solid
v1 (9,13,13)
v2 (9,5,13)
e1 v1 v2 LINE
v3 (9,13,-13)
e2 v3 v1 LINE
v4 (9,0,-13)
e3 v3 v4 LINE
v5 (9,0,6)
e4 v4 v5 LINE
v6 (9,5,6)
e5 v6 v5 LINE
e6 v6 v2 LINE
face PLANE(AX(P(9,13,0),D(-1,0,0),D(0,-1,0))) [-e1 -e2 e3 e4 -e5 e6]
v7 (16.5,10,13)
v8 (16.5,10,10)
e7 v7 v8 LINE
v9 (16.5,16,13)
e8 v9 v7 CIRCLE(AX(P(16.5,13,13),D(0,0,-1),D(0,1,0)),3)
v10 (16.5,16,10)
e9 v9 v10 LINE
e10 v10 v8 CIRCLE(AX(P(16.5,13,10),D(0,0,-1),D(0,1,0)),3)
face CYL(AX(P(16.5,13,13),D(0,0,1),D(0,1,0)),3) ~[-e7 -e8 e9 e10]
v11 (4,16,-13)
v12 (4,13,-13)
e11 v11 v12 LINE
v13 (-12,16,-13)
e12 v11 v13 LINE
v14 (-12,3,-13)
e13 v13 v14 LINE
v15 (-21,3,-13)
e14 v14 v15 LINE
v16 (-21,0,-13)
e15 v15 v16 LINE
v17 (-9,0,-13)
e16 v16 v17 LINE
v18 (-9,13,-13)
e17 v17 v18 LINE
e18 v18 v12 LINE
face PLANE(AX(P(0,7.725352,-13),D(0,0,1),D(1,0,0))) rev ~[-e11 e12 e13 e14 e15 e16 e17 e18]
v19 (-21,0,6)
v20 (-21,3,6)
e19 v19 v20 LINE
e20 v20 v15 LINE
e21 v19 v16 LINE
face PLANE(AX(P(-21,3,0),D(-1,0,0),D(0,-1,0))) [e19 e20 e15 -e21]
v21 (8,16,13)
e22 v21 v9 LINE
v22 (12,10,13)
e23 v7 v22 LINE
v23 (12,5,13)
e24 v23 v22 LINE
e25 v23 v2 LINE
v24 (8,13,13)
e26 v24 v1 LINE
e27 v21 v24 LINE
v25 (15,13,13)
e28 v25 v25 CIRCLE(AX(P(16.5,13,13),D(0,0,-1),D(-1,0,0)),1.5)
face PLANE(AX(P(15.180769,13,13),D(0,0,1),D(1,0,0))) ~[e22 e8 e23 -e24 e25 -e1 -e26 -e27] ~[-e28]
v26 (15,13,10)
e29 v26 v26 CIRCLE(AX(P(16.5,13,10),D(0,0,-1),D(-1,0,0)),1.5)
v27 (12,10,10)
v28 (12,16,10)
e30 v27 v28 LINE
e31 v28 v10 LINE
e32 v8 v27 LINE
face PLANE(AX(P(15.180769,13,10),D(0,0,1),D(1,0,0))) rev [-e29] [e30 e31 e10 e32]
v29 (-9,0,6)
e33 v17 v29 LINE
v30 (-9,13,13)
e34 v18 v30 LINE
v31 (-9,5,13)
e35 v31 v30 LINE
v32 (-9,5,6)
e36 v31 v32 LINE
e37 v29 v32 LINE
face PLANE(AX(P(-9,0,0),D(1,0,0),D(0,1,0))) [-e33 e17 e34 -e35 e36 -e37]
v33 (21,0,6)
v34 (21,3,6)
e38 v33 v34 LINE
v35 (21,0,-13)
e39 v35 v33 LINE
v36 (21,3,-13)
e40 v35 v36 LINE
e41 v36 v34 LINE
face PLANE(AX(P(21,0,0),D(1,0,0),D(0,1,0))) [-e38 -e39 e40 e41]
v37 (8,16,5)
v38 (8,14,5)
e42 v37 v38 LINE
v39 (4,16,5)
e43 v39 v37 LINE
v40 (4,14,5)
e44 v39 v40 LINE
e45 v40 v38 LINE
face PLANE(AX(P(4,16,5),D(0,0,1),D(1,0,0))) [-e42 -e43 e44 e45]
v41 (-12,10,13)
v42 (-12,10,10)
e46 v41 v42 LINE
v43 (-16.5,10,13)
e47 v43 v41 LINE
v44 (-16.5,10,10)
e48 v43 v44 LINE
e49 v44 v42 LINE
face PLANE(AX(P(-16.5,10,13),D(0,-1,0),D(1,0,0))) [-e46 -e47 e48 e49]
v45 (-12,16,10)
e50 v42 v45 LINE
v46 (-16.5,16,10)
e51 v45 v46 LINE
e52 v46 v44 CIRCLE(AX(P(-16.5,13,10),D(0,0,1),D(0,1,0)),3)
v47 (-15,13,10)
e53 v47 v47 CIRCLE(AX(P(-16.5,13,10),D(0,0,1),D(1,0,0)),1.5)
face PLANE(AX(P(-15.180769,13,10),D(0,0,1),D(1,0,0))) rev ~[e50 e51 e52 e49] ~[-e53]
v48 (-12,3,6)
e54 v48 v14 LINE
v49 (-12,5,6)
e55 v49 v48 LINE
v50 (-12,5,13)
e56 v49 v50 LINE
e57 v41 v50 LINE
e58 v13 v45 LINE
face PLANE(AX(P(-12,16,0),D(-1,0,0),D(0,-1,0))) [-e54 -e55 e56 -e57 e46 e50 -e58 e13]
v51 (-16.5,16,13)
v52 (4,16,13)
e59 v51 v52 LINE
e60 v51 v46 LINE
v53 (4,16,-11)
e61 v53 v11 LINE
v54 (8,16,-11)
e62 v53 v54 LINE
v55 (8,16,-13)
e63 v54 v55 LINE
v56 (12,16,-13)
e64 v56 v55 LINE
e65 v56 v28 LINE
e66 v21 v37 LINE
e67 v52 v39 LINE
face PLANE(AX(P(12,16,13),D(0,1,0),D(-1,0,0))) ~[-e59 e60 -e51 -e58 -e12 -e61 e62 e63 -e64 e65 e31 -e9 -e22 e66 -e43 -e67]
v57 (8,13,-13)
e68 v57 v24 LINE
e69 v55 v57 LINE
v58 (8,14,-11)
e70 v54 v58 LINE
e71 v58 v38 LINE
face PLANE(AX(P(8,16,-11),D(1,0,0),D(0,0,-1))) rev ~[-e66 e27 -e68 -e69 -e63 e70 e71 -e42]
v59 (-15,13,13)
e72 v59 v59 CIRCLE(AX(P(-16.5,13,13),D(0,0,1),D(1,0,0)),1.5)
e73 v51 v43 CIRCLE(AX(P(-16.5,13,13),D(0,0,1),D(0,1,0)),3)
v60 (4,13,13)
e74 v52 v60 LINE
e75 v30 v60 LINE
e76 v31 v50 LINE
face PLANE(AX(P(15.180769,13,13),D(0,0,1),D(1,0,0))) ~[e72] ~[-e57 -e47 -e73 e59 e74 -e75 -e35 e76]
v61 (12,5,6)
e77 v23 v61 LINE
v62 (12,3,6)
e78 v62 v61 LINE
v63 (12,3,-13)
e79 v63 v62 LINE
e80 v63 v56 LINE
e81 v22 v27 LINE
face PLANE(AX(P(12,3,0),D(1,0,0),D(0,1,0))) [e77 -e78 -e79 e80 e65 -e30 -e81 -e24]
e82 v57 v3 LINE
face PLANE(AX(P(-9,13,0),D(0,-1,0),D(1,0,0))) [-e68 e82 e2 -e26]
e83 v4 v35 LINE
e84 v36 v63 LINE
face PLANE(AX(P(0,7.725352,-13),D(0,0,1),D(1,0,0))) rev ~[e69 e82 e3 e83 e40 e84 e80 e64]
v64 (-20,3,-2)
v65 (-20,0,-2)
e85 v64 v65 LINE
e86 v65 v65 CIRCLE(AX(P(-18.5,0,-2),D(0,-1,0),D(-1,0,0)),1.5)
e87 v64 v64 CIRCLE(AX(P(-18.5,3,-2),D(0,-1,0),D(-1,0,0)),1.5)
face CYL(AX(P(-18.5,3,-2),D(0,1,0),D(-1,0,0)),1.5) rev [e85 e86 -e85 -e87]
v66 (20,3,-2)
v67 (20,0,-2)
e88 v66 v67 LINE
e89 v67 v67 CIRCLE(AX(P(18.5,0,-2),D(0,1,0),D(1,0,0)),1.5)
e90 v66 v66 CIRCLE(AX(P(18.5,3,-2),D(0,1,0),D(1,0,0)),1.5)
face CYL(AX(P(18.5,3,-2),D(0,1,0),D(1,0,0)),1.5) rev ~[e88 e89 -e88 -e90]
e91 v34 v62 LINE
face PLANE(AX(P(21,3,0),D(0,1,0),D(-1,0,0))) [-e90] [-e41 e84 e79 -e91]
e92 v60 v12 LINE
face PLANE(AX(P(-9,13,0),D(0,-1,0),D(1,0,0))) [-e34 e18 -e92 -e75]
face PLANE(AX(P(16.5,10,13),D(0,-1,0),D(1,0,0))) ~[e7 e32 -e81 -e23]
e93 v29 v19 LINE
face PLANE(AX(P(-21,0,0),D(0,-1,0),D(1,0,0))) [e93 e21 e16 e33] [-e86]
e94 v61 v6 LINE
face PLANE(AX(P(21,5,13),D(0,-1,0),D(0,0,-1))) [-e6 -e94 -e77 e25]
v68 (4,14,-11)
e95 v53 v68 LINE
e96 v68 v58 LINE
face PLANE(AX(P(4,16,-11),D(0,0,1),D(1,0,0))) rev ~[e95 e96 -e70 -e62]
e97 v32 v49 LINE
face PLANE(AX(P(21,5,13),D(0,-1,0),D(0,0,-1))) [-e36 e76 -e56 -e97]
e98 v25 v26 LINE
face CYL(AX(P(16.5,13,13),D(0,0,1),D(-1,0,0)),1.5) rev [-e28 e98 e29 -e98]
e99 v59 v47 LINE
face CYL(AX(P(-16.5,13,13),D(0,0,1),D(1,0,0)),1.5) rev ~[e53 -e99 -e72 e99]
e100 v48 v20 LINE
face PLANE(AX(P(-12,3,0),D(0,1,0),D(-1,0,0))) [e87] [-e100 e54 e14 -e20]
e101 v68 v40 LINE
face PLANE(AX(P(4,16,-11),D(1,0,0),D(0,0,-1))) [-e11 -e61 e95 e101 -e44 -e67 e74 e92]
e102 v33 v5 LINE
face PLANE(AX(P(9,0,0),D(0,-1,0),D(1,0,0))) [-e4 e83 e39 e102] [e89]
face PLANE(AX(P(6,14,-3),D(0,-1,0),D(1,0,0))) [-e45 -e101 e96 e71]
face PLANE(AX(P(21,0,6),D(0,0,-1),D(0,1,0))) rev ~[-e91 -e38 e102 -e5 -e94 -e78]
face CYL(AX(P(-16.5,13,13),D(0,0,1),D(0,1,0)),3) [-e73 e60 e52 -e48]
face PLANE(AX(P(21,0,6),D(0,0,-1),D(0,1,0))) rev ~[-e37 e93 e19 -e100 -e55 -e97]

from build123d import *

# Parameters (mm, degrees)
EXTRU_MINCE1_DEPTH      = 13
EXTRUSION1_DEPTH        = 3
ESQUISSE3_R             = 1.5
ENL_V_MAT_EXTRU_1_DEPTH = 3
ENL_V_MAT_EXTRU_2_REACH = 18
ESQUISSE4_W             = 4
ESQUISSE4_H             = 8
ESQUISSE4_H_2           = 2
ESQUISSE6_W             = 7
ESQUISSE6_H             = 5
ENL_V_MAT_EXTRU_4_DEPTH = 42
ESQUISSE7_R             = 1.5
ENL_V_MAT_EXTRU_5_DEPTH = 3
ESQUISSE8_W             = 4
ESQUISSE8_H             = 16
ENL_V_MAT_EXTRU_6_DEPTH = 1


with BuildPart() as part:
    # Esquisse1 → Extru.-Mince1 (new body, symmetric)
    with BuildSketch(Plane.XY):
        Polygon((-21, 0), (-9, 0), (-9, 13), (9, 13), (9, 0), (21, 0), (21, 3), (12, 3), (12, 16), (-12, 16), (-12, 3), (-21, 3), align=None)
    extrude(amount=EXTRU_MINCE1_DEPTH, both=True)

    # Esquisse2 → Extrusion1 (add)
    with BuildSketch(Plane.XY.offset(13)):
        with BuildLine():
            Line((-12, 16), (-16.5, 16))
            ThreePointArc((-16.5, 16), (-19.5, 13), (-16.5, 10))
            Line((-16.5, 10), (-12, 10))
            Line((-12, 10), (-12, 16))
        make_face()
    extrusion1 = extrude(amount=-EXTRUSION1_DEPTH)

    # Esquisse3 → Enlèv. mat.-Extru.1 (cut)
    with BuildSketch(Plane.XY.offset(13)):
        with Locations((-16.5, 13)):
            Circle(ESQUISSE3_R)
    enl_v_mat_extru_1 = extrude(amount=-ENL_V_MAT_EXTRU_1_DEPTH, mode=Mode.SUBTRACT)

    # Symétrie1: Extrusion1, Enlèv. mat.-Extru.1 across plane
    add(extrusion1.mirror(Plane(origin=(0, 0, 0), x_dir=(0, 0, 1), z_dir=(1, 0, 0))))
    add(enl_v_mat_extru_1.mirror(Plane(origin=(0, 0, 0), x_dir=(0, 0, 1), z_dir=(1, 0, 0))), mode=Mode.SUBTRACT)

    # Esquisse4 → Enlèv. mat.-Extru.2 (cut, up to next)
    with BuildSketch(Plane(origin=(0, 16, 0), x_dir=(1, 0, 0), z_dir=(0, 1, 0)), mode=Mode.PRIVATE) as enl_v_mat_extru_2_sk1:
        with Locations((6, -9)):
            Rectangle(ESQUISSE4_W, ESQUISSE4_H)
    enl_v_mat_extru_2_tool1 = extrude(enl_v_mat_extru_2_sk1.sketch, amount=-ENL_V_MAT_EXTRU_2_REACH, mode=Mode.PRIVATE) & part.part
    add(enl_v_mat_extru_2_tool1.solids().sort_by_distance((6, 16, 9))[0], mode=Mode.SUBTRACT)
    # Esquisse4 → Enlèv. mat.-Extru.2 (cut, up to next)
    with BuildSketch(Plane(origin=(0, 16, 0), x_dir=(1, 0, 0), z_dir=(0, 1, 0)), mode=Mode.PRIVATE) as enl_v_mat_extru_2_sk2:
        with Locations((6, 12)):
            Rectangle(ESQUISSE4_W, ESQUISSE4_H_2)
    enl_v_mat_extru_2_tool2 = extrude(enl_v_mat_extru_2_sk2.sketch, amount=-ENL_V_MAT_EXTRU_2_REACH, mode=Mode.PRIVATE) & part.part
    add(enl_v_mat_extru_2_tool2.solids().sort_by_distance((6, 16, -12))[0], mode=Mode.SUBTRACT)

    # Esquisse6 → Enlèv. mat.-Extru.4 (cut)
    with BuildSketch(Plane(origin=(21, 0, 0), x_dir=(0, 0, -1), z_dir=(1, 0, 0))):
        with Locations((-9.5, 2.5)):
            Rectangle(ESQUISSE6_W, ESQUISSE6_H)
    extrude(amount=-ENL_V_MAT_EXTRU_4_DEPTH, mode=Mode.SUBTRACT)

    # Esquisse7 → Enlèv. mat.-Extru.5 (cut)
    with BuildSketch(Plane(origin=(0, 3, 0), x_dir=(1, 0, 0), z_dir=(0, 1, 0))):
        with Locations((18.5, 2)):
            Circle(ESQUISSE7_R)
    enl_v_mat_extru_5 = extrude(amount=-ENL_V_MAT_EXTRU_5_DEPTH, mode=Mode.SUBTRACT)

    # Symétrie2: Enlèv. mat.-Extru.5 across plane
    add(enl_v_mat_extru_5.mirror(Plane(origin=(0, 0, 0), x_dir=(0, 0, 1), z_dir=(1, 0, 0))), mode=Mode.SUBTRACT)

    # Esquisse8 → Enlèv. mat.-Extru.6 (cut)
    with BuildSketch(Plane.XZ.offset(-13)):
        with Locations((6, -3)):
            Rectangle(ESQUISSE8_W, ESQUISSE8_H)
    extrude(amount=-ENL_V_MAT_EXTRU_6_DEPTH, mode=Mode.SUBTRACT)


solid = part.part
